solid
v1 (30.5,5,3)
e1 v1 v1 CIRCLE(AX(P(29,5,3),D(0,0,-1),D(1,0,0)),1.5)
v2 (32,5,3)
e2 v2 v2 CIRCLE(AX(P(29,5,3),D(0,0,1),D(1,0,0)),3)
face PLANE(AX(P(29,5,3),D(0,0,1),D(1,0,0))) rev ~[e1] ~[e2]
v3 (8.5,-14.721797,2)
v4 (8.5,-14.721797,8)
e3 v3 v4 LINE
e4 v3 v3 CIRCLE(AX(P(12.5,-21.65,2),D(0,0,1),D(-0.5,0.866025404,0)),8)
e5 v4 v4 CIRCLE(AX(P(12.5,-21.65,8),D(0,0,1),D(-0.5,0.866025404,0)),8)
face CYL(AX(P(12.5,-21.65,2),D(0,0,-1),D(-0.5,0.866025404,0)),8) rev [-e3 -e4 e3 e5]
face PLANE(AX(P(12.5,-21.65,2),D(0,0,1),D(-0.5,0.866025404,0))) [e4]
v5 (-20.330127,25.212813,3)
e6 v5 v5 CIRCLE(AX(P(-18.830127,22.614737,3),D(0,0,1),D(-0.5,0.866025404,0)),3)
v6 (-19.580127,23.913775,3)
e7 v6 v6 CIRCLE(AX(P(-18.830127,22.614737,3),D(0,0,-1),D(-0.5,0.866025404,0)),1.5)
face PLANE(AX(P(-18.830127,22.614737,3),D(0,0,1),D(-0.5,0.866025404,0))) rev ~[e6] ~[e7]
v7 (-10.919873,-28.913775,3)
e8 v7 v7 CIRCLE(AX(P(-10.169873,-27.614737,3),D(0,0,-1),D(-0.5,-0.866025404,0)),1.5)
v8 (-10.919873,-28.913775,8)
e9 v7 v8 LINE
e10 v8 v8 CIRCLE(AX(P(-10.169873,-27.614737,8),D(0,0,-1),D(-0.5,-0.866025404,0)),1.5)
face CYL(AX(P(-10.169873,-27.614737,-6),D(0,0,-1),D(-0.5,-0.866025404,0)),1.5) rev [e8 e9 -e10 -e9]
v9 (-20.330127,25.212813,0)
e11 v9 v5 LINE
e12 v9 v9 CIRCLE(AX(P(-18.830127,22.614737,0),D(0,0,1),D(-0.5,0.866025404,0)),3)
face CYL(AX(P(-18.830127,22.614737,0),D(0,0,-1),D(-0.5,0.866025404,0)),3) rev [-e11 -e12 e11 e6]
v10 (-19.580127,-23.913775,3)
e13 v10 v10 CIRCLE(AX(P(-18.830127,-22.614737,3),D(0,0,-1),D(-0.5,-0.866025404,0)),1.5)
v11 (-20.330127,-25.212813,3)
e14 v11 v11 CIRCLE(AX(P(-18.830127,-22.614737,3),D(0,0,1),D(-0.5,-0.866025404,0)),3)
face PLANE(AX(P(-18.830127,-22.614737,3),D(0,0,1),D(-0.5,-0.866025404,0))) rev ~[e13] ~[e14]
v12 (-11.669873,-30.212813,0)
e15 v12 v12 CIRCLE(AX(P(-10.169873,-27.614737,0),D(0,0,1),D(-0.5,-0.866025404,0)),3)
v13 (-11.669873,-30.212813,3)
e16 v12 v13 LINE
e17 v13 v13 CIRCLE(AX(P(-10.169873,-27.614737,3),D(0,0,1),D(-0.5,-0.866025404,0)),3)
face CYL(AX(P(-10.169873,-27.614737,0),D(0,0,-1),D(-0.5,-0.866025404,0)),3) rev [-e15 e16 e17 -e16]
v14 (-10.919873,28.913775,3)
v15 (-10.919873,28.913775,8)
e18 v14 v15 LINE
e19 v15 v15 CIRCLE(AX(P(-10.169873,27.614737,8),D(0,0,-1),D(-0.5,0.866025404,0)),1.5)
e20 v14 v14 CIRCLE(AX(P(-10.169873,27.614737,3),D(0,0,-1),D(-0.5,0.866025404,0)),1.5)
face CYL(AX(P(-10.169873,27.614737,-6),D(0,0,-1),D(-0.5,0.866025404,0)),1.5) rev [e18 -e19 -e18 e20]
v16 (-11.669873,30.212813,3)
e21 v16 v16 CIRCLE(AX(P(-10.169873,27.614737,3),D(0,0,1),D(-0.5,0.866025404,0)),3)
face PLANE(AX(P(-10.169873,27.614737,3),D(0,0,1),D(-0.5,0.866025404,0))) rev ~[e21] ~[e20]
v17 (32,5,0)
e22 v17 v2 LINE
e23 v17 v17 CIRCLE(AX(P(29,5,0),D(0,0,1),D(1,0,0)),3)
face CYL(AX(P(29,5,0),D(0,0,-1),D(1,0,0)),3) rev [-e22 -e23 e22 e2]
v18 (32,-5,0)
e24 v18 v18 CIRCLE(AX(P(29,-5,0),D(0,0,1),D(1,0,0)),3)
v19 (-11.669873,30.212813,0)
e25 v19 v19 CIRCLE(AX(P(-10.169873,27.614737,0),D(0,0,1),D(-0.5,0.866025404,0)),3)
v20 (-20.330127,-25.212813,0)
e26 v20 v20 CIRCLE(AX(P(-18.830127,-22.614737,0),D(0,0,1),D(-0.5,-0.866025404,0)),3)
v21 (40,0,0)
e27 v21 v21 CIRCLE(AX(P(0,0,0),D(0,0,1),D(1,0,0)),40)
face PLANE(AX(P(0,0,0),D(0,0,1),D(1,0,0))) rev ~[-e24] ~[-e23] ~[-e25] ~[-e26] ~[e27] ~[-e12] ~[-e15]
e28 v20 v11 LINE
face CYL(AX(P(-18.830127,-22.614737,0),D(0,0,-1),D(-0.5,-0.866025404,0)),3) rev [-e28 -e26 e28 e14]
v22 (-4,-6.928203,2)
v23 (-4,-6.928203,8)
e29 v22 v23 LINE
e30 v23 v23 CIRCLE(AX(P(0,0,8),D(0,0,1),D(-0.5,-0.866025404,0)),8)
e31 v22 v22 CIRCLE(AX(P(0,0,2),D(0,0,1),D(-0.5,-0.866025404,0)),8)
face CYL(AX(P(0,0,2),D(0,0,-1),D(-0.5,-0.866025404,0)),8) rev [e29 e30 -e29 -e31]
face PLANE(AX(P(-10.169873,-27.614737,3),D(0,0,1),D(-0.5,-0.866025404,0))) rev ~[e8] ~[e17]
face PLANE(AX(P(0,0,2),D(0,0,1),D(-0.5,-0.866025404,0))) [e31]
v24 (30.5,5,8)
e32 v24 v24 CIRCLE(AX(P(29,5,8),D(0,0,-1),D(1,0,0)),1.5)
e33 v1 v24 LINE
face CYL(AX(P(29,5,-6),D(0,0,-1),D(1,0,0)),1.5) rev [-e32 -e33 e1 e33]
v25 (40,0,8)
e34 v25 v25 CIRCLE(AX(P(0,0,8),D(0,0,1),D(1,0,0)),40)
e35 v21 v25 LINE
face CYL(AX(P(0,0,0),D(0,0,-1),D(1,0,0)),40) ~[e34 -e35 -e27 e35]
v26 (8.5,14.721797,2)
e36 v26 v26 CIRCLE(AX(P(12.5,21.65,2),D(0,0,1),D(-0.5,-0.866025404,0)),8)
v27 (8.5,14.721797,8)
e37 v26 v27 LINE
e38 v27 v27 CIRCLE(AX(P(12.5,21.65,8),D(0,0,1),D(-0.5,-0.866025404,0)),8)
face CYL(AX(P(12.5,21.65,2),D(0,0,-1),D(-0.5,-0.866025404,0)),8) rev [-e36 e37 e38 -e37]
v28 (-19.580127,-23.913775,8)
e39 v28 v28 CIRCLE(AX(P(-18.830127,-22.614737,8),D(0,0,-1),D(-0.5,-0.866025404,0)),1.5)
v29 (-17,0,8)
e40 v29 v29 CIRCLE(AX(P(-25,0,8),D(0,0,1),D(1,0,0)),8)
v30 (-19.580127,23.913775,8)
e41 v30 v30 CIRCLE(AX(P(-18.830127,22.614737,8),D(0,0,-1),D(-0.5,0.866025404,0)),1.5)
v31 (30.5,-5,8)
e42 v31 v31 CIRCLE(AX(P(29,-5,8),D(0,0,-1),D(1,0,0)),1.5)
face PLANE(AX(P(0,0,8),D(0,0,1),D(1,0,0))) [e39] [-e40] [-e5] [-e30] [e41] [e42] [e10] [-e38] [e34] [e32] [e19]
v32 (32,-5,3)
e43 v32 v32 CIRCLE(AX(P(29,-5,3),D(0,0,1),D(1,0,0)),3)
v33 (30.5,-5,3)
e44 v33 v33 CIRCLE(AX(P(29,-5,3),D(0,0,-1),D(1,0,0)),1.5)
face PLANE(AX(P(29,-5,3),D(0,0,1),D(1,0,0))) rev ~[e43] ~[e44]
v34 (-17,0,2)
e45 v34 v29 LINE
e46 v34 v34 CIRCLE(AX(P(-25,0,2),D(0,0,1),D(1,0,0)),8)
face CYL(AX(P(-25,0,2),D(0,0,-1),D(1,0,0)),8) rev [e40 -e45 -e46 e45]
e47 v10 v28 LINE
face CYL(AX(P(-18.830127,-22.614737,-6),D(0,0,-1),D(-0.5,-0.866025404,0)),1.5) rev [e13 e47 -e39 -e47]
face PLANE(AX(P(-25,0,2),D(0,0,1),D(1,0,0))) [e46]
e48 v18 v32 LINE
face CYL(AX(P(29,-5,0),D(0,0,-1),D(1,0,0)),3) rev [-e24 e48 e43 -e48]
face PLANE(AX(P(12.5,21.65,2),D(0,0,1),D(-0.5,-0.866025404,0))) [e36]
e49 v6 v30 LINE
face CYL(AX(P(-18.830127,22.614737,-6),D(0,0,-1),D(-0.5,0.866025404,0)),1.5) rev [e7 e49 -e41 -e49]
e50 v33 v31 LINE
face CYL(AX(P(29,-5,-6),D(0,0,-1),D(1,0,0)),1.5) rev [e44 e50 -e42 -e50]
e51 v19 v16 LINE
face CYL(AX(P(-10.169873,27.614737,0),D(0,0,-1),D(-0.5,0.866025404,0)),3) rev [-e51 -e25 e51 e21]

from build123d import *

# Parameters (mm, degrees)
CYLINDER271_R               = 8
CYLINDER271_DEPTH           = 6
CYLINDER271_PLACEMENT_ANGLE = 240
CYLINDER272_R               = 3
CYLINDER272_DEPTH           = 3
CYLINDER232_R               = 3
CYLINDER232_DEPTH           = 3
COMPOUND244_PLACEMENT_ANGLE = 240
COMPOUND214_PLACEMENT_ANGLE = 120
CYLINDER233_R               = 1.5
CYLINDER233_DEPTH           = 60
CYLINDER234_R               = 1.5
CYLINDER234_DEPTH           = 60
COMPOUND240_PLACEMENT_ANGLE = 240
COMPOUND215_PLACEMENT_ANGLE = 120
CYLINDER268_R               = 15
CYLINDER268_DEPTH           = 20
CYLINDER269_R               = 8
CYLINDER269_DEPTH           = 6
CYLINDER269_PLACEMENT_ANGLE = 120
CYLINDER231_R               = 8
CYLINDER231_DEPTH           = 6
CYLINDER231_PLACEMENT_ANGLE = 240
CYLINDER270_R               = 8
CYLINDER270_DEPTH           = 6
CYLINDER267_R               = 40
CYLINDER267_DEPTH           = 8


with BuildPart() as v_lec271:
    # Cylinder271 → Cylinder271 (new body)
    with BuildSketch(Plane.XY):
        Circle(CYLINDER271_R)
    extrude(amount=CYLINDER271_DEPTH)


with BuildPart() as v_lec271_1:
    # Cylinder271 placement: moved
    add(v_lec271.part.moved(Location((0, 0, 2))).rotate(Axis((0, 0, 2), (0, 0, 1)), CYLINDER271_PLACEMENT_ANGLE))


with BuildPart() as v_lec272:
    # Cylinder272 → Cylinder272 (new body)
    with BuildSketch(Plane(origin=(29, -5, -6), x_dir=(1, 0, 0), z_dir=(0, 0, 1))):
        Circle(CYLINDER272_R)
    extrude(amount=CYLINDER272_DEPTH)


with BuildPart() as v_lec232:
    # Cylinder232 → Cylinder232 (new body)
    with BuildSketch(Plane(origin=(29, 5, -6), x_dir=(1, 0, 0), z_dir=(0, 0, 1))):
        Circle(CYLINDER232_R)
    extrude(amount=CYLINDER232_DEPTH)


with BuildPart() as compound244:
    # Compound244 base: copy of Válec232
    add(v_lec232.part)

    # Compound244: union Válec272
    add(v_lec272.part)


with BuildPart() as compound244_1:
    # Compound244 placement: moved
    add(compound244.part.moved(Location((0, 0, 6))).rotate(Axis((0, 0, 6), (0, 0, 1)), COMPOUND244_PLACEMENT_ANGLE))


with BuildPart() as compound246:
    # Compound246 base: copy of Válec232
    add(v_lec232.part)

    # Compound246: union Válec272
    add(v_lec272.part)


with BuildPart() as compound246_1:
    # Compound246 placement: moved
    add(compound246.part.moved(Location((0, 0, 6))))


with BuildPart() as compound242:
    # Compound214 base: copy of Válec232
    add(v_lec232.part)

    # Compound214: union Válec272
    add(v_lec272.part)


with BuildPart() as compound242_1:
    # Compound214 placement: moved
    add(compound242.part.moved(Location((0, 0, 6))).rotate(Axis((0, 0, 6), (0, 0, 1)), COMPOUND214_PLACEMENT_ANGLE))

    # Compound242: union Compound244, Compound246
    add(compound244_1.part)
    add(compound246_1.part)


with BuildPart() as v_lec233:
    # Cylinder233 → Cylinder233 (new body)
    with BuildSketch(Plane(origin=(29, -5, -6), x_dir=(1, 0, 0), z_dir=(0, 0, 1))):
        Circle(CYLINDER233_R)
    extrude(amount=CYLINDER233_DEPTH)


with BuildPart() as v_lec234:
    # Cylinder234 → Cylinder234 (new body)
    with BuildSketch(Plane(origin=(29, 5, -6), x_dir=(1, 0, 0), z_dir=(0, 0, 1))):
        Circle(CYLINDER234_R)
    extrude(amount=CYLINDER234_DEPTH)


with BuildPart() as compound240:
    # Compound240 base: copy of Válec234
    add(v_lec234.part)

    # Compound240: union Válec233
    add(v_lec233.part)


with BuildPart() as compound240_1:
    # Compound240 placement: moved
    add(compound240.part.rotate(Axis((0, 0, 0), (0, 0, 1)), COMPOUND240_PLACEMENT_ANGLE))


with BuildPart() as compound243:
    # Compound243 base: copy of Válec234
    add(v_lec234.part)

    # Compound243: union Válec233
    add(v_lec233.part)


with BuildPart() as compound238:
    # Compound215 base: copy of Válec234
    add(v_lec234.part)

    # Compound215: union Válec233
    add(v_lec233.part)


with BuildPart() as compound238_1:
    # Compound215 placement: moved
    add(compound238.part.rotate(Axis((0, 0, 0), (0, 0, 1)), COMPOUND215_PLACEMENT_ANGLE))

    # Compound238: union Compound240, Compound243
    add(compound240_1.part)
    add(compound243.part)


with BuildPart() as v_lec268:
    # Cylinder268 → Cylinder268 (new body)
    with BuildSketch(Plane.XY.offset(-100)):
        Circle(CYLINDER268_R)
    extrude(amount=CYLINDER268_DEPTH)


with BuildPart() as v_lec269:
    # Cylinder269 → Cylinder269 (new body)
    with BuildSketch(Plane.XY):
        Circle(CYLINDER269_R)
    extrude(amount=CYLINDER269_DEPTH)


with BuildPart() as v_lec269_1:
    # Cylinder269 placement: moved
    add(v_lec269.part.moved(Location((12.5, -21.65, 2))).rotate(Axis((12.5, -21.65, 2), (0, 0, 1)), CYLINDER269_PLACEMENT_ANGLE))


with BuildPart() as v_lec231:
    # Cylinder231 → Cylinder231 (new body)
    with BuildSketch(Plane.XY):
        Circle(CYLINDER231_R)
    extrude(amount=CYLINDER231_DEPTH)


with BuildPart() as v_lec231_1:
    # Cylinder231 placement: moved
    add(v_lec231.part.moved(Location((12.5, 21.65, 2))).rotate(Axis((12.5, 21.65, 2), (0, 0, 1)), CYLINDER231_PLACEMENT_ANGLE))


with BuildPart() as compound239:
    # Cylinder270 → Cylinder270 (new body)
    with BuildSketch(Plane(origin=(-25, 0, 2), x_dir=(1, 0, 0), z_dir=(0, 0, 1))):
        Circle(CYLINDER270_R)
    extrude(amount=CYLINDER270_DEPTH)

    # Compound239: union Válec269, Válec231
    add(v_lec269_1.part)
    add(v_lec231_1.part)


with BuildPart() as cut116:
    # Cylinder267 → Cylinder267 (new body)
    with BuildSketch(Plane.XY):
        Circle(CYLINDER267_R)
    extrude(amount=CYLINDER267_DEPTH)

    # Cut113: cut Compound239
    add(compound239.part, mode=Mode.SUBTRACT)

    # Cut112: cut Válec268
    add(v_lec268.part, mode=Mode.SUBTRACT)

    # Cut114: cut Compound238
    add(compound238_1.part, mode=Mode.SUBTRACT)

    # Cut115: cut Compound242
    add(compound242_1.part, mode=Mode.SUBTRACT)

    # Cut116: cut Válec271
    add(v_lec271_1.part, mode=Mode.SUBTRACT)


solid = cut116.part
